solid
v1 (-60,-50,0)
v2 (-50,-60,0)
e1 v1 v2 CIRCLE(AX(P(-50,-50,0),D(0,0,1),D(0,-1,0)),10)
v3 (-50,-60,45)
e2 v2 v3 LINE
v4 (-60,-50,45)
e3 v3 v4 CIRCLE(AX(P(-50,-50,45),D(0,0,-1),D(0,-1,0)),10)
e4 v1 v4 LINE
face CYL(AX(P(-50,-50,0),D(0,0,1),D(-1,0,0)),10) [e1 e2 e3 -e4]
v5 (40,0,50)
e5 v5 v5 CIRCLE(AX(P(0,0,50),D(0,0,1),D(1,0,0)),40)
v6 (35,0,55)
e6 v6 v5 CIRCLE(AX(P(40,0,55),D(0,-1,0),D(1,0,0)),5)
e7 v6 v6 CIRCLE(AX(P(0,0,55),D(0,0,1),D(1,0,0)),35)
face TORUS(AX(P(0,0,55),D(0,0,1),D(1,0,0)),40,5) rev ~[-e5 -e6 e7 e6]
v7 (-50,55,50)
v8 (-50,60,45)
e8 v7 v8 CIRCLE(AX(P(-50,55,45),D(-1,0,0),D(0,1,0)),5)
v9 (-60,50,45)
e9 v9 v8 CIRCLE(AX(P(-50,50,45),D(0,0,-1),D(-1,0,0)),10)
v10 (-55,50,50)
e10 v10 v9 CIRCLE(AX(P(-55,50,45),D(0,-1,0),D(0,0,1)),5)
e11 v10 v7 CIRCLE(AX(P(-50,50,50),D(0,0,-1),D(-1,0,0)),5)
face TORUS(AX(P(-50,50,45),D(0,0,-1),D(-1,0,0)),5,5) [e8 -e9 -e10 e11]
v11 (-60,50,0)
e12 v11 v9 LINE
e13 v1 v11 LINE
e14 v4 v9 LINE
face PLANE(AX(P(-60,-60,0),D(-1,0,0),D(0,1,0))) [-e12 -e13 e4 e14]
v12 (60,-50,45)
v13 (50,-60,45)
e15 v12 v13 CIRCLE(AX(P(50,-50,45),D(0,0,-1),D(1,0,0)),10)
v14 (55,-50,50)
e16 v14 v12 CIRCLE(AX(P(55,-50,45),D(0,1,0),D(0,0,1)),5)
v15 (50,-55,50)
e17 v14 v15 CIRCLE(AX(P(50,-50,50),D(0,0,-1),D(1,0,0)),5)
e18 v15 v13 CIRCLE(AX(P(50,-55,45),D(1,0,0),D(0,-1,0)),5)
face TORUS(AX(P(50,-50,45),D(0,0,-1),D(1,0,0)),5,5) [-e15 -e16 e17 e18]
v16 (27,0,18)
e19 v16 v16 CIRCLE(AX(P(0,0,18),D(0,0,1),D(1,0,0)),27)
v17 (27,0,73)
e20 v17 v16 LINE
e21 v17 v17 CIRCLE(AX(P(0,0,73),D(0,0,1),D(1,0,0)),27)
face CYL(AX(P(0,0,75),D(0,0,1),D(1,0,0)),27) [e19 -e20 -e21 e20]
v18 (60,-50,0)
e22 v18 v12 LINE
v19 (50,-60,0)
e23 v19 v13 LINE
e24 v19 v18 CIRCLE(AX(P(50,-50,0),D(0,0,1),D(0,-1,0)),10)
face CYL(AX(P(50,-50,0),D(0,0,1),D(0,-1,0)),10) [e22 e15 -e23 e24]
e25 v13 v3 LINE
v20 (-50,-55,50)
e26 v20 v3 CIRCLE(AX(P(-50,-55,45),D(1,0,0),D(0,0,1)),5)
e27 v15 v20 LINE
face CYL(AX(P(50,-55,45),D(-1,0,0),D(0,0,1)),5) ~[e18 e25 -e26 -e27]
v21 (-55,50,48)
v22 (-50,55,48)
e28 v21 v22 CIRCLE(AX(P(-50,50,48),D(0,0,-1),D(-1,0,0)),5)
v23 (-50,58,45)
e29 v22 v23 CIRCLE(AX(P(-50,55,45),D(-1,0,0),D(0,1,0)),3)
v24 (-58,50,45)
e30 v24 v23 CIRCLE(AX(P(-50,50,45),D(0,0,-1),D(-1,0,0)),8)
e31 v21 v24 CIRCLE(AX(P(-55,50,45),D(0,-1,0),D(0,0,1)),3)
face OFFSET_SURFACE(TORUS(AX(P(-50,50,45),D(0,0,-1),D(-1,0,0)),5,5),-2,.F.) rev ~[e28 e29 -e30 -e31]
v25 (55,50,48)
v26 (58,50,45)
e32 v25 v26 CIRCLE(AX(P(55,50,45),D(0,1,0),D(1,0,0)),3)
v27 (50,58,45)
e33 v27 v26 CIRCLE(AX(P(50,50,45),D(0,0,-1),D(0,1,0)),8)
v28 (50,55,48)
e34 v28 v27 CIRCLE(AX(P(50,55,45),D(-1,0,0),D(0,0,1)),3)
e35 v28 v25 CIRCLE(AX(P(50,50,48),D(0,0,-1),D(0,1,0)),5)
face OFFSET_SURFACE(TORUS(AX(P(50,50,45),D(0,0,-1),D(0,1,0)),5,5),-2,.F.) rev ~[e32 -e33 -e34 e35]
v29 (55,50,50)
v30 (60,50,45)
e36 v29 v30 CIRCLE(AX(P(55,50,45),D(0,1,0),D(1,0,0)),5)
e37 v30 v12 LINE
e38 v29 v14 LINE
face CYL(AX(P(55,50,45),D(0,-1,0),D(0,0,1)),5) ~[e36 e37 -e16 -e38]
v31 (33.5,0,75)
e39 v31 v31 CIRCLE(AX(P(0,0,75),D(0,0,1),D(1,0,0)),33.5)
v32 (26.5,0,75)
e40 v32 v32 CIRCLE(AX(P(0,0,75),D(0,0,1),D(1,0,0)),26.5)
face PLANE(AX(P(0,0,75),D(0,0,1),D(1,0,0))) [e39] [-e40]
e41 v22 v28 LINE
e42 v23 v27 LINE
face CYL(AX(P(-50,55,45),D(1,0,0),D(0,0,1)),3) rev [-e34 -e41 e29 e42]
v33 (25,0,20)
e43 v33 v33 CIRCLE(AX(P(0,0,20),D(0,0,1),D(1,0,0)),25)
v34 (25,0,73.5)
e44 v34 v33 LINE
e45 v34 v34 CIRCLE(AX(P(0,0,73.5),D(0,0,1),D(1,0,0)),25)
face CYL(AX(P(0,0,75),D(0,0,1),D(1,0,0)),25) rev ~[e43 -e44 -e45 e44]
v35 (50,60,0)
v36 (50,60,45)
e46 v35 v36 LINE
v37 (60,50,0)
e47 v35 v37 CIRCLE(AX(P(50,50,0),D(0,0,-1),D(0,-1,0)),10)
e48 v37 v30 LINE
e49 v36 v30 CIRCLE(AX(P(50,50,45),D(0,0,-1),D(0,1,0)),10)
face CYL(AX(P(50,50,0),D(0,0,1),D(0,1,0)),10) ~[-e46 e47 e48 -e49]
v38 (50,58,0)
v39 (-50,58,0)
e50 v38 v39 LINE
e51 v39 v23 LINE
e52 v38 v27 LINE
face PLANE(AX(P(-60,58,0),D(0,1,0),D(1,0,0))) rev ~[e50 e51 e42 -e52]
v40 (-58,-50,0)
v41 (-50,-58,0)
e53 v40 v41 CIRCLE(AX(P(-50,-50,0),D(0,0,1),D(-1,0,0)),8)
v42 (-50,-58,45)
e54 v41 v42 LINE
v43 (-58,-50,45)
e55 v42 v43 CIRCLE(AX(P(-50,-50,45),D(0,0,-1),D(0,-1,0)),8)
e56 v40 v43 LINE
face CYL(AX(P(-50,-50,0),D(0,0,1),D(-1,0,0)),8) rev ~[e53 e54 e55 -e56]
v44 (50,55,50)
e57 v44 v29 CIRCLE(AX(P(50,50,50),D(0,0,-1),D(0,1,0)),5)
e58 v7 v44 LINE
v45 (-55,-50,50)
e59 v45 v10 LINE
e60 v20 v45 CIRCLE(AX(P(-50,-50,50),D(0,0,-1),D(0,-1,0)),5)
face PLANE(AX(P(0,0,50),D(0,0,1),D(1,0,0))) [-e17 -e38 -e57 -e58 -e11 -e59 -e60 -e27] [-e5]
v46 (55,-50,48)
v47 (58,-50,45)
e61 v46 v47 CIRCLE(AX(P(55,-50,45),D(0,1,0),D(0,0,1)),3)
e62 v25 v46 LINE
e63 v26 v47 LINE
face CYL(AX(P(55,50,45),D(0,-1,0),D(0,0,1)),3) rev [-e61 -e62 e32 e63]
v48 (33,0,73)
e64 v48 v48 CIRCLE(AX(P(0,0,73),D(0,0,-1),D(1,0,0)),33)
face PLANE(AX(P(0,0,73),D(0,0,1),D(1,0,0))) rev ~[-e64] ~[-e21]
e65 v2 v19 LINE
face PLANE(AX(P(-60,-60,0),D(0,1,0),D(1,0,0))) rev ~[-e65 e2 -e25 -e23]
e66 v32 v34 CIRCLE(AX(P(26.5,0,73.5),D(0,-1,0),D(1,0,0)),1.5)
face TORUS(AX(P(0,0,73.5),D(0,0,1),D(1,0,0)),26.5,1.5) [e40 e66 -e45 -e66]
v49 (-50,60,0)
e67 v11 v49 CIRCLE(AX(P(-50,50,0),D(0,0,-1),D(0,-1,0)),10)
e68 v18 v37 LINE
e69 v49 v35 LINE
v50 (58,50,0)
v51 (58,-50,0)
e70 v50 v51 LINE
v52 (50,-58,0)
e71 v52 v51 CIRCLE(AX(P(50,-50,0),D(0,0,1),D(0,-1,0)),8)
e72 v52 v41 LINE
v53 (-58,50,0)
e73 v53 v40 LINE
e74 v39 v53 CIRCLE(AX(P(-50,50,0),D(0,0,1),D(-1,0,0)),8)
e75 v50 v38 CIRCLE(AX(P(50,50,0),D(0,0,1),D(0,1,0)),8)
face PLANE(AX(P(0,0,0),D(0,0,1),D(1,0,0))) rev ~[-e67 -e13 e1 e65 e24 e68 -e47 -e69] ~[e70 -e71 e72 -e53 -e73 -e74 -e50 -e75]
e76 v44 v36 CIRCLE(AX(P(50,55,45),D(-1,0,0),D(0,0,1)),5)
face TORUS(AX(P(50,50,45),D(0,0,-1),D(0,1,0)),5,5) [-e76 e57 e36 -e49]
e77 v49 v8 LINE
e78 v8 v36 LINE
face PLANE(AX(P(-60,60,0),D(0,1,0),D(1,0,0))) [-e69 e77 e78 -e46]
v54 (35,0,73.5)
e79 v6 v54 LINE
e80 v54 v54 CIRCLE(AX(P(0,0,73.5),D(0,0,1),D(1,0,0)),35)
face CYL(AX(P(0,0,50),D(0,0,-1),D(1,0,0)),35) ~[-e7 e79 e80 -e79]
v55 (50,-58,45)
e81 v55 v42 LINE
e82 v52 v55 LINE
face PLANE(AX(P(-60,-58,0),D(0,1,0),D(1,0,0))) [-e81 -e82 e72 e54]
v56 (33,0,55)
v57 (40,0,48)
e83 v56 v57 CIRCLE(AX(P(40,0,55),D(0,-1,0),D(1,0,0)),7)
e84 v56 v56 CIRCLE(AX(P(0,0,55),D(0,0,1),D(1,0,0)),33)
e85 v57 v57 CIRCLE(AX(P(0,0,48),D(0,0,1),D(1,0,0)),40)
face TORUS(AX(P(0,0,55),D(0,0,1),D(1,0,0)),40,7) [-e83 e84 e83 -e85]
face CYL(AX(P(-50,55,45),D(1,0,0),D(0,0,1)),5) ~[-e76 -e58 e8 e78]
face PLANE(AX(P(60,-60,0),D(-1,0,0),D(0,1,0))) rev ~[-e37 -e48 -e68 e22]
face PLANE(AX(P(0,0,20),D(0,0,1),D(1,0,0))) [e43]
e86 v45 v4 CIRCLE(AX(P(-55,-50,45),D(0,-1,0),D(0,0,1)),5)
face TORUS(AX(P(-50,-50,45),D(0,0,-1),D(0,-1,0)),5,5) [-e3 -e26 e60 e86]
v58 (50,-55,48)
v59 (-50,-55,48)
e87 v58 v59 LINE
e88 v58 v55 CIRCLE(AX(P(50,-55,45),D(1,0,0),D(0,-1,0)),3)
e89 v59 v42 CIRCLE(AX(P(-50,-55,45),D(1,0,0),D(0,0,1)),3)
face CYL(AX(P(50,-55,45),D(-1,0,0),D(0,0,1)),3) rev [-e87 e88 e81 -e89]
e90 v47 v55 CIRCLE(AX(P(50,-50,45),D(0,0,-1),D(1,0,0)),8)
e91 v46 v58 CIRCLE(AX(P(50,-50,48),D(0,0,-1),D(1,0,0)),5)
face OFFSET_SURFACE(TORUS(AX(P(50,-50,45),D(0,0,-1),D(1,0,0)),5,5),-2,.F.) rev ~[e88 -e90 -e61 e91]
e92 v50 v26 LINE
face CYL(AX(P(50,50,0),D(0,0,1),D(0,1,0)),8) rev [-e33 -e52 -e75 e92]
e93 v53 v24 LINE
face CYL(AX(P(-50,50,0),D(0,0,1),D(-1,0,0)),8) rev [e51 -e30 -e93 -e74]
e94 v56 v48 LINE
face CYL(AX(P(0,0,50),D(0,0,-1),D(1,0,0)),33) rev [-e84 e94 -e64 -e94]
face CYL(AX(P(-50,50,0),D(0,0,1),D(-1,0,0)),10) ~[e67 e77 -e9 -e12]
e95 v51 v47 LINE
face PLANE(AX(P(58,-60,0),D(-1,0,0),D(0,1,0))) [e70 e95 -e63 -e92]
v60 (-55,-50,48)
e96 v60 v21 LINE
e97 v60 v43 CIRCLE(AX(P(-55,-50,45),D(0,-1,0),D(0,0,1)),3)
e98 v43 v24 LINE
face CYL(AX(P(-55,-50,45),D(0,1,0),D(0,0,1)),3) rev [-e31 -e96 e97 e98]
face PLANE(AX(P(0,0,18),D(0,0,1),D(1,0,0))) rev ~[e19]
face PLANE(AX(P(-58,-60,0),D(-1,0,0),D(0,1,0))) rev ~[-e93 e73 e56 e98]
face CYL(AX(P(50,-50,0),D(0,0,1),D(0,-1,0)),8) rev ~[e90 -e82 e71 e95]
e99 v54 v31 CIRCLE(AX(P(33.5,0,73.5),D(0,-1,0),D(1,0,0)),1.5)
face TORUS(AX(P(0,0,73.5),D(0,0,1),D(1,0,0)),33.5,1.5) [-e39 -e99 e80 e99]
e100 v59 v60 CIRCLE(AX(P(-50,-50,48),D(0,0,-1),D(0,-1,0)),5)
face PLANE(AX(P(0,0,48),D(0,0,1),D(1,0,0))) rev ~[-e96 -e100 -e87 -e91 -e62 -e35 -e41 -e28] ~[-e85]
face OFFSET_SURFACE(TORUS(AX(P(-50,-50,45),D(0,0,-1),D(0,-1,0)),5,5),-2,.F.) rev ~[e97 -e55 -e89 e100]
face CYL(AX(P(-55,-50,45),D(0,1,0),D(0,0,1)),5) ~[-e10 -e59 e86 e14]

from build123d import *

# Parameters (mm, degrees)
SKETCH1_W           = 120
SKETCH1_H           = 120
BOSS_EXTRUDE2_DEPTH = 50
SKETCH2_R           = 35
BOSS_EXTRUDE3_DEPTH = 25
SKETCH3_R           = 25
CUT_EXTRUDE1_DEPTH  = 55
FILLET1_R           = 10
FILLET2_R           = 1.5
FILLET3_R           = 5
SHELL1_T            = -2


with BuildPart() as part:
    # Sketch1 → Boss-Extrude2 (new body)
    with BuildSketch(Plane.XY):
        Rectangle(SKETCH1_W, SKETCH1_H)
    extrude(amount=BOSS_EXTRUDE2_DEPTH)

    # Sketch2 → Boss-Extrude3 (add)
    with BuildSketch(Plane.XY.offset(50)):
        Circle(SKETCH2_R)
    extrude(amount=BOSS_EXTRUDE3_DEPTH)

    # Sketch3 → Cut-Extrude1 (cut)
    with BuildSketch(Plane.XY.offset(75)):
        Circle(SKETCH3_R)
    extrude(amount=-CUT_EXTRUDE1_DEPTH, mode=Mode.SUBTRACT)

    # Fillet1
    fillet1_edges = [part.edges().sort_by_distance(p)[0] for p in [
        (-60, 60, 25),
        (-60, -60, 25),
        (60, -60, 25),
        (60, 60, 25),
    ]]
    fillet(fillet1_edges, radius=FILLET1_R)

    # Fillet2
    fillet2_edges = [part.edges().sort_by_distance(p)[0] for p in [
        (-35, 0, 75),
        (-25, 0, 75),
    ]]
    fillet(fillet2_edges, radius=FILLET2_R)

    # Fillet3
    fillet3_edges = [part.edges().sort_by_distance(p)[0] for p in [
        (-35, 0, 50),
        (-60, 0, 50),
        (0, 60, 50),
        (0, -60, 50),
        (60, 0, 50),
        (-57.071067812, -57.071067812, 50),
        (57.071067812, -57.071067812, 50),
        (57.071067812, 57.071067812, 50),
        (-57.071067812, 57.071067812, 50),
    ]]
    fillet(fillet3_edges, radius=FILLET3_R)

    # Shell1
    shell1_openings = [part.faces().sort_by_distance(p)[0] for p in [
        (0, 0, 0),
    ]]
    offset(amount=SHELL1_T, openings=shell1_openings, kind=Kind.INTERSECTION)


solid = part.part
